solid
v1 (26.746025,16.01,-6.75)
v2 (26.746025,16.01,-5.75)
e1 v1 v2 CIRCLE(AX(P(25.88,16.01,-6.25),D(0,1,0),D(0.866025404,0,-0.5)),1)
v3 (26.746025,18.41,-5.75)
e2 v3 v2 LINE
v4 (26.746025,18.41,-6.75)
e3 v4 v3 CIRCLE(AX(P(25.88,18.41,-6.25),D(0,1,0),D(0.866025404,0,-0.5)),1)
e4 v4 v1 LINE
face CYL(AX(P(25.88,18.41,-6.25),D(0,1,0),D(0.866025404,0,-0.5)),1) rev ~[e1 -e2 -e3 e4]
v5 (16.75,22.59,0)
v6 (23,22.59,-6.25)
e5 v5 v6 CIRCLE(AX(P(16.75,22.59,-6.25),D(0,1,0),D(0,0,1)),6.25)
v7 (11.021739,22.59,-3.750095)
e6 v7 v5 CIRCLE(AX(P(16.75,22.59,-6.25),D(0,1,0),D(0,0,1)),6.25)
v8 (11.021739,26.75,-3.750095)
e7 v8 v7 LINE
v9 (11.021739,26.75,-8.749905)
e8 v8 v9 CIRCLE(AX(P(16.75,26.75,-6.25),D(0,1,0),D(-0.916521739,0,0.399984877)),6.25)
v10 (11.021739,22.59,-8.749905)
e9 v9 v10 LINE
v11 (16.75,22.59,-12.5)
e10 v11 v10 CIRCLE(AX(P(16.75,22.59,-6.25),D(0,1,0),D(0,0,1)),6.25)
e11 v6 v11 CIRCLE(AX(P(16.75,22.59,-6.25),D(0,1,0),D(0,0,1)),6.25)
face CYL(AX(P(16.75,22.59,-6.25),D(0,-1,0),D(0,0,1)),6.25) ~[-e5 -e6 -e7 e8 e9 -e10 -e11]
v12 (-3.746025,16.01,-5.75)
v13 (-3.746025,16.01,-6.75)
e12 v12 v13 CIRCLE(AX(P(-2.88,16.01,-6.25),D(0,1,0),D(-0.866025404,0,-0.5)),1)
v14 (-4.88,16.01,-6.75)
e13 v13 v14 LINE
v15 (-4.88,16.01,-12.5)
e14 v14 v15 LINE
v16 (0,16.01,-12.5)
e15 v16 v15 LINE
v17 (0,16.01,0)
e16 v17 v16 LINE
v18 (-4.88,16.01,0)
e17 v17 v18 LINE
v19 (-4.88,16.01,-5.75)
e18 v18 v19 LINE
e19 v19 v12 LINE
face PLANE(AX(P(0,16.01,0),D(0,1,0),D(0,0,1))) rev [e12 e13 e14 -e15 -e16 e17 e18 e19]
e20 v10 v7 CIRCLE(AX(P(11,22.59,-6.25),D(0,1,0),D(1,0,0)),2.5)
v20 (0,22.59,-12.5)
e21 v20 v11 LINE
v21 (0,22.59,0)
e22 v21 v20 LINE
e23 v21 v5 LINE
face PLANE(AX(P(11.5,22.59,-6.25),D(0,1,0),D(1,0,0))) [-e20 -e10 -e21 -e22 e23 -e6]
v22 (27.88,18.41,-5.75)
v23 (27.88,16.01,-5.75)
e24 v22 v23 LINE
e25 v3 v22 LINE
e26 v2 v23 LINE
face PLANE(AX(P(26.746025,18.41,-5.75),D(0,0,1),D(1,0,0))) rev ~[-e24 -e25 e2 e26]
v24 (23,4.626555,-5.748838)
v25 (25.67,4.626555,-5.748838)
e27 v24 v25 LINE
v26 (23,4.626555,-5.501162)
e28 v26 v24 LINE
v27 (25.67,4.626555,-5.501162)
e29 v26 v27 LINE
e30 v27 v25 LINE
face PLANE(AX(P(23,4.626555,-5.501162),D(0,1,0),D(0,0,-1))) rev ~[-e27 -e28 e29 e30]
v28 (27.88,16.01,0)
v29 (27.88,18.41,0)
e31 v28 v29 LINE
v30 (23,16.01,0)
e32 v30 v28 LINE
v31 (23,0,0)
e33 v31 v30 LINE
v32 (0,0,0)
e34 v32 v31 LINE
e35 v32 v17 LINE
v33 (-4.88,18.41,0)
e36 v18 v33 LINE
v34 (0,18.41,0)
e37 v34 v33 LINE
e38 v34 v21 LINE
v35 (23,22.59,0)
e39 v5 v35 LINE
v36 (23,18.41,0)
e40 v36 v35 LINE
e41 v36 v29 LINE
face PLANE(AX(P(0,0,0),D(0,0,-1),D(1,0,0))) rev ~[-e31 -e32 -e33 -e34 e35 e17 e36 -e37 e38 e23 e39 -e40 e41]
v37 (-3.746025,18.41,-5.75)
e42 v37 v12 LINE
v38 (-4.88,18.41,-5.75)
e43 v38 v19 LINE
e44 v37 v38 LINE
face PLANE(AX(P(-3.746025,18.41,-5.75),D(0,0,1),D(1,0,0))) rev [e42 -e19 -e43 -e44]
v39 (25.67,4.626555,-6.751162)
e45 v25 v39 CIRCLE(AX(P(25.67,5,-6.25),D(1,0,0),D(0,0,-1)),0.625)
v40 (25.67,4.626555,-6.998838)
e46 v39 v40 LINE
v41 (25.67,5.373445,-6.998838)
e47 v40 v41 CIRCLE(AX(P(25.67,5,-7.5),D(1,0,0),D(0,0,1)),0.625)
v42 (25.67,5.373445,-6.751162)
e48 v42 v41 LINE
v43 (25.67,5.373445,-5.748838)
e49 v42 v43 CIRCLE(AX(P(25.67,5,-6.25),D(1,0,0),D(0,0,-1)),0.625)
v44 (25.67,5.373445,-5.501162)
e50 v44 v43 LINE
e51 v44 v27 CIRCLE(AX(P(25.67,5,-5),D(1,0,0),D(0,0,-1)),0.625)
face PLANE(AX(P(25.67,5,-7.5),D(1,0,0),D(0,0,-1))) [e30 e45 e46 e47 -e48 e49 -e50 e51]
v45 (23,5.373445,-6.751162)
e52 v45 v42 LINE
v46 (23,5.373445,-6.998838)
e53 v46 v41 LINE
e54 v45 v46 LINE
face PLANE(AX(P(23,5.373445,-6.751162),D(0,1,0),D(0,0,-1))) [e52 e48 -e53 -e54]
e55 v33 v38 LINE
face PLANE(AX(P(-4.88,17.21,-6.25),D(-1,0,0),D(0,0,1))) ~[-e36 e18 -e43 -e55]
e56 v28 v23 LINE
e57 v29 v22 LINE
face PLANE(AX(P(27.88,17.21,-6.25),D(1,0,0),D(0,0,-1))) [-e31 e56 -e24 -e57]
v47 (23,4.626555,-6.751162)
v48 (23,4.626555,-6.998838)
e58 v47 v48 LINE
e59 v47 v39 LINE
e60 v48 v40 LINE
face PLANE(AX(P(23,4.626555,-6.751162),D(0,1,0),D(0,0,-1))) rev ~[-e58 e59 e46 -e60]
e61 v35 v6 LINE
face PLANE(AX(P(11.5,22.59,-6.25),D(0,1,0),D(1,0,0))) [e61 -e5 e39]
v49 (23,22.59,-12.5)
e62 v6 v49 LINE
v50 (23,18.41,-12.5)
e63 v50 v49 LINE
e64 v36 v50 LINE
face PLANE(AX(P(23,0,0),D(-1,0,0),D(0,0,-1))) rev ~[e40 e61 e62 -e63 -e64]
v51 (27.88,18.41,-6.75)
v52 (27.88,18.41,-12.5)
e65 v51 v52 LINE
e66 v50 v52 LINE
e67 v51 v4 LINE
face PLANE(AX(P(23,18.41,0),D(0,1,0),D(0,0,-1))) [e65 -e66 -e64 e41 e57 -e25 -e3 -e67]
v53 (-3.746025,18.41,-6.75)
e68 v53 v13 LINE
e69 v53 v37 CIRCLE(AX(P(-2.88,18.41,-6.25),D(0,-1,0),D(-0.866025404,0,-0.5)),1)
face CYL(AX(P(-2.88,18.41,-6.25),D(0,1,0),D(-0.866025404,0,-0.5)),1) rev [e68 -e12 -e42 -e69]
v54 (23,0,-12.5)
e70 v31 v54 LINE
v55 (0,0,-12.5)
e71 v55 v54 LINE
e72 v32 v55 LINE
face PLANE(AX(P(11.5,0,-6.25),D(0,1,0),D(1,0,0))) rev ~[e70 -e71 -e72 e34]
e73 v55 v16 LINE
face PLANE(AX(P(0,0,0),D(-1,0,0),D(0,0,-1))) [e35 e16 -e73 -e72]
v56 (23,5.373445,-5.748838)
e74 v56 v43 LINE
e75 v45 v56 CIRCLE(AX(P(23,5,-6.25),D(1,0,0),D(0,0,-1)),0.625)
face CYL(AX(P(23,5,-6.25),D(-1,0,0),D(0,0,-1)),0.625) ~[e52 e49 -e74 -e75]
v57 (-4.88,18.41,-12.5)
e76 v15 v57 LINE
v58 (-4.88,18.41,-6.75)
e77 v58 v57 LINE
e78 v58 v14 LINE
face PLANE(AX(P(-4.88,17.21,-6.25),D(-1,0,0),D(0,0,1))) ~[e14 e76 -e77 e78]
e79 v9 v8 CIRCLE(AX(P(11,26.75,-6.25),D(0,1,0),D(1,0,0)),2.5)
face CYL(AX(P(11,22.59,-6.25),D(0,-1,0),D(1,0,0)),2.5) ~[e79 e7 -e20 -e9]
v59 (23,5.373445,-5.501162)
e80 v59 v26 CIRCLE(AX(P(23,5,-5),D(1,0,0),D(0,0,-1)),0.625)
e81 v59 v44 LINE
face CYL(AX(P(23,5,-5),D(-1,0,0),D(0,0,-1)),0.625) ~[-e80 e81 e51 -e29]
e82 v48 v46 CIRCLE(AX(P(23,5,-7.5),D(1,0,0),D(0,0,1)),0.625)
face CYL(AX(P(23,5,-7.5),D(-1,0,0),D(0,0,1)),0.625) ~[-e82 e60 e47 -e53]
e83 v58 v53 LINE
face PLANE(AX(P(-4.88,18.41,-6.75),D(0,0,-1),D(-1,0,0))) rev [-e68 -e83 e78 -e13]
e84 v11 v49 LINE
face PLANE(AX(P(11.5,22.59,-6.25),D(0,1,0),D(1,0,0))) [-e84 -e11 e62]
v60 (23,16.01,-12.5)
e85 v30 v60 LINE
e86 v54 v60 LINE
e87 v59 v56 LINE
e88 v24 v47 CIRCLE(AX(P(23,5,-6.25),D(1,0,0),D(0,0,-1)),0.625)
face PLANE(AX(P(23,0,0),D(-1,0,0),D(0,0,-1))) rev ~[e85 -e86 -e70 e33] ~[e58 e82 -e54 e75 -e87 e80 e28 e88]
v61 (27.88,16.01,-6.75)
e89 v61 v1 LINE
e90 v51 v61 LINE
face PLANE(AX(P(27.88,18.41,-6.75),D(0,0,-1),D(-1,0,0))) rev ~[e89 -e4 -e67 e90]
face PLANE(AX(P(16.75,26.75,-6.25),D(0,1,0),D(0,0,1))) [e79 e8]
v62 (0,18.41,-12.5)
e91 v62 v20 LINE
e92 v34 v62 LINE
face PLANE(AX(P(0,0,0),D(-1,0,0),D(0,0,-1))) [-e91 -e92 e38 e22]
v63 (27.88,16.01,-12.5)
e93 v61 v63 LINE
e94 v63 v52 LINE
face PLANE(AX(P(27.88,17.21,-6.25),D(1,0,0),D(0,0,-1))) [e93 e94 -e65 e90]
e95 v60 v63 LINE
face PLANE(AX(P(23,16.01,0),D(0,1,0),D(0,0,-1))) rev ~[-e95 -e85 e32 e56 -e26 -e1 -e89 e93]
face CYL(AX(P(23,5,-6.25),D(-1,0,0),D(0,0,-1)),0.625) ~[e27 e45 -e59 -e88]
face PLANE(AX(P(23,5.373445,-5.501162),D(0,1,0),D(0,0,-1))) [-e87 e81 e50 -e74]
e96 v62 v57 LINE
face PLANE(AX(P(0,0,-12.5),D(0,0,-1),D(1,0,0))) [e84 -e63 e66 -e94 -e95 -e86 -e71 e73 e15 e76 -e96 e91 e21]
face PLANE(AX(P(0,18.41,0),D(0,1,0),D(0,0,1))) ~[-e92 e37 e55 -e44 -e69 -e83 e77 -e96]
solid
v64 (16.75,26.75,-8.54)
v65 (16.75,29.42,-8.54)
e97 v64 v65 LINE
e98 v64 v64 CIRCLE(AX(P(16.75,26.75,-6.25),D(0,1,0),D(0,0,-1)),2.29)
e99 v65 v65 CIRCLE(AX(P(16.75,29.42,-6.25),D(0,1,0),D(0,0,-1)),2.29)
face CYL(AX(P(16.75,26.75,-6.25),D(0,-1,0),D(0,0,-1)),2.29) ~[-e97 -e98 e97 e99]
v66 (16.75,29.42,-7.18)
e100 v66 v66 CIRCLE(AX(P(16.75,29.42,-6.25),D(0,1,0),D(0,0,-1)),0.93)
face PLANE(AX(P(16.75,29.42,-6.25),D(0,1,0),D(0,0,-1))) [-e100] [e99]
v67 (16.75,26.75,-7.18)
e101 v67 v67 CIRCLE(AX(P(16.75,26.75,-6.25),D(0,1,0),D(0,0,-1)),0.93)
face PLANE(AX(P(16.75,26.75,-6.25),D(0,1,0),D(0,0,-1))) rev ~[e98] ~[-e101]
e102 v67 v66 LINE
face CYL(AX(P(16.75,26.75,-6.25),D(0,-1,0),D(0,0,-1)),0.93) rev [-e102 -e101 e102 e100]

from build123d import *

# Parameters (mm, degrees)
SKETCH1_W           = 23
SKETCH1_H           = 12.5
BOSS_EXTRUDE1_DEPTH = 22.59
SKETCH2_R           = 6.25
BOSS_EXTRUDE2_DEPTH = 4.16
SKETCH3_R           = 2.5
BOSS_EXTRUDE3_DEPTH = 4.16
SKETCH6_R           = 2.29
SKETCH6_R_2         = 0.93
BOSS_EXTRUDE5_DEPTH = 2.67
SKETCH4_W           = 12.5
SKETCH4_H           = 2.4
BOSS_EXTRUDE4_DEPTH = 4.88
CUT_EXTRUDE1_DEPTH  = 36.671732506
SKETCH7_R           = 0.625
SKETCH7_W           = 1.497675386
SKETCH7_H           = 0.746890466
BOSS_EXTRUDE7_DEPTH = 2.67


with BuildPart() as part:
    # Sketch1 → Boss-Extrude1 (new body)
    with BuildSketch(Plane(origin=(0, 0, 0), x_dir=(1, 0, 0), z_dir=(0, 1, 0))):
        with Locations((11.5, 6.25)):
            Rectangle(SKETCH1_W, SKETCH1_H)
    extrude(amount=BOSS_EXTRUDE1_DEPTH)

    # Sketch2 → Boss-Extrude2 (add)
    with BuildSketch(Plane(origin=(0, 22.59, 0), x_dir=(1, 0, 0), z_dir=(0, 1, 0))):
        with Locations(Location((16.75, 6.25, 0), (0, 0, 270))):
            Circle(SKETCH2_R)
    extrude(amount=BOSS_EXTRUDE2_DEPTH)

    # Sketch3 → Boss-Extrude3 (add)
    with BuildSketch(Plane(origin=(0, 22.59, 0), x_dir=(1, 0, 0), z_dir=(0, 1, 0))):
        with Locations((11, 6.25)):
            Circle(SKETCH3_R)
    extrude(amount=BOSS_EXTRUDE3_DEPTH)

    # Sketch4 → Boss-Extrude4 (add)
    with BuildSketch(Plane(origin=(23, 0, 0), x_dir=(0, 0, -1), z_dir=(1, 0, 0))):
        with Locations((6.25, 17.21)):
            Rectangle(SKETCH4_W, SKETCH4_H)
    boss_extrude4 = extrude(amount=BOSS_EXTRUDE4_DEPTH)

    # Sketch5 → Cut-Extrude1 (cut, through all)
    with BuildSketch(Plane(origin=(0, 18.41, 0), x_dir=(1, 0, 0), z_dir=(0, 1, 0))):
        with BuildLine():
            Line((25.88, 5.75), (25.88, 6.75))
            Line((25.88, 6.75), (26.746025404, 6.75))
            ThreePointArc((26.746025404, 6.75), (24.88, 6.25), (26.746025404, 5.75))
            Line((26.746025404, 5.75), (25.88, 5.75))
        make_face()
        with BuildLine():
            Line((26.746025404, 6.75), (25.88, 6.75))
            Line((25.88, 6.75), (25.88, 5.75))
            Line((25.88, 5.75), (26.746025404, 5.75))
            ThreePointArc((26.746025404, 5.75), (26.845925826, 5.991180955), (26.88, 6.25))
            ThreePointArc((26.88, 6.25), (26.845925826, 6.508819045), (26.746025404, 6.75))
        make_face()
        with BuildLine():
            Line((27.88, 6.75), (26.746025404, 6.75))
            ThreePointArc((26.746025404, 6.75), (26.845925826, 6.508819045), (26.88, 6.25))
            ThreePointArc((26.88, 6.25), (26.845925826, 5.991180955), (26.746025404, 5.75))
            Line((26.746025404, 5.75), (27.88, 5.75))
            Line((27.88, 5.75), (27.88, 6.75))
        make_face()
    cut_extrude1 = extrude(amount=-CUT_EXTRUDE1_DEPTH, mode=Mode.SUBTRACT)

    # Mirror1: Boss-Extrude4, Cut-Extrude1 across plane
    add(boss_extrude4.mirror(Plane(origin=(11.5, 0, 0), x_dir=(0, 0, 1), z_dir=(1, 0, 0))))
    add(cut_extrude1.mirror(Plane(origin=(11.5, 0, 0), x_dir=(0, 0, 1), z_dir=(1, 0, 0))), mode=Mode.SUBTRACT)

    # Sketch7 → Boss-Extrude7 (add)
    with BuildSketch(Plane(origin=(23, 0, 0), x_dir=(0, 0, -1), z_dir=(1, 0, 0))):
        with Locations((7.5, 5)):
            Circle(SKETCH7_R)
        with Locations((6.25, 5)):
            Circle(SKETCH7_R)
        with Locations((5, 5)):
            Circle(SKETCH7_R)
        with Locations((6.25, 5)):
            Rectangle(SKETCH7_W, SKETCH7_H)
    extrude(amount=BOSS_EXTRUDE7_DEPTH)


with BuildPart() as body_2:
    # Sketch6 → Boss-Extrude5 (new body)
    with BuildSketch(Plane(origin=(0, 26.75, 0), x_dir=(1, 0, 0), z_dir=(0, 1, 0))):
        with Locations(Location((16.75, 6.25, 0), (0, 0, 90))):
            Circle(SKETCH6_R)
        with Locations(Location((16.75, 6.25, 0), (0, 0, 90))):
            Circle(SKETCH6_R_2, mode=Mode.SUBTRACT)
    extrude(amount=BOSS_EXTRUDE5_DEPTH)


solid = Compound([part.part, body_2.part])
